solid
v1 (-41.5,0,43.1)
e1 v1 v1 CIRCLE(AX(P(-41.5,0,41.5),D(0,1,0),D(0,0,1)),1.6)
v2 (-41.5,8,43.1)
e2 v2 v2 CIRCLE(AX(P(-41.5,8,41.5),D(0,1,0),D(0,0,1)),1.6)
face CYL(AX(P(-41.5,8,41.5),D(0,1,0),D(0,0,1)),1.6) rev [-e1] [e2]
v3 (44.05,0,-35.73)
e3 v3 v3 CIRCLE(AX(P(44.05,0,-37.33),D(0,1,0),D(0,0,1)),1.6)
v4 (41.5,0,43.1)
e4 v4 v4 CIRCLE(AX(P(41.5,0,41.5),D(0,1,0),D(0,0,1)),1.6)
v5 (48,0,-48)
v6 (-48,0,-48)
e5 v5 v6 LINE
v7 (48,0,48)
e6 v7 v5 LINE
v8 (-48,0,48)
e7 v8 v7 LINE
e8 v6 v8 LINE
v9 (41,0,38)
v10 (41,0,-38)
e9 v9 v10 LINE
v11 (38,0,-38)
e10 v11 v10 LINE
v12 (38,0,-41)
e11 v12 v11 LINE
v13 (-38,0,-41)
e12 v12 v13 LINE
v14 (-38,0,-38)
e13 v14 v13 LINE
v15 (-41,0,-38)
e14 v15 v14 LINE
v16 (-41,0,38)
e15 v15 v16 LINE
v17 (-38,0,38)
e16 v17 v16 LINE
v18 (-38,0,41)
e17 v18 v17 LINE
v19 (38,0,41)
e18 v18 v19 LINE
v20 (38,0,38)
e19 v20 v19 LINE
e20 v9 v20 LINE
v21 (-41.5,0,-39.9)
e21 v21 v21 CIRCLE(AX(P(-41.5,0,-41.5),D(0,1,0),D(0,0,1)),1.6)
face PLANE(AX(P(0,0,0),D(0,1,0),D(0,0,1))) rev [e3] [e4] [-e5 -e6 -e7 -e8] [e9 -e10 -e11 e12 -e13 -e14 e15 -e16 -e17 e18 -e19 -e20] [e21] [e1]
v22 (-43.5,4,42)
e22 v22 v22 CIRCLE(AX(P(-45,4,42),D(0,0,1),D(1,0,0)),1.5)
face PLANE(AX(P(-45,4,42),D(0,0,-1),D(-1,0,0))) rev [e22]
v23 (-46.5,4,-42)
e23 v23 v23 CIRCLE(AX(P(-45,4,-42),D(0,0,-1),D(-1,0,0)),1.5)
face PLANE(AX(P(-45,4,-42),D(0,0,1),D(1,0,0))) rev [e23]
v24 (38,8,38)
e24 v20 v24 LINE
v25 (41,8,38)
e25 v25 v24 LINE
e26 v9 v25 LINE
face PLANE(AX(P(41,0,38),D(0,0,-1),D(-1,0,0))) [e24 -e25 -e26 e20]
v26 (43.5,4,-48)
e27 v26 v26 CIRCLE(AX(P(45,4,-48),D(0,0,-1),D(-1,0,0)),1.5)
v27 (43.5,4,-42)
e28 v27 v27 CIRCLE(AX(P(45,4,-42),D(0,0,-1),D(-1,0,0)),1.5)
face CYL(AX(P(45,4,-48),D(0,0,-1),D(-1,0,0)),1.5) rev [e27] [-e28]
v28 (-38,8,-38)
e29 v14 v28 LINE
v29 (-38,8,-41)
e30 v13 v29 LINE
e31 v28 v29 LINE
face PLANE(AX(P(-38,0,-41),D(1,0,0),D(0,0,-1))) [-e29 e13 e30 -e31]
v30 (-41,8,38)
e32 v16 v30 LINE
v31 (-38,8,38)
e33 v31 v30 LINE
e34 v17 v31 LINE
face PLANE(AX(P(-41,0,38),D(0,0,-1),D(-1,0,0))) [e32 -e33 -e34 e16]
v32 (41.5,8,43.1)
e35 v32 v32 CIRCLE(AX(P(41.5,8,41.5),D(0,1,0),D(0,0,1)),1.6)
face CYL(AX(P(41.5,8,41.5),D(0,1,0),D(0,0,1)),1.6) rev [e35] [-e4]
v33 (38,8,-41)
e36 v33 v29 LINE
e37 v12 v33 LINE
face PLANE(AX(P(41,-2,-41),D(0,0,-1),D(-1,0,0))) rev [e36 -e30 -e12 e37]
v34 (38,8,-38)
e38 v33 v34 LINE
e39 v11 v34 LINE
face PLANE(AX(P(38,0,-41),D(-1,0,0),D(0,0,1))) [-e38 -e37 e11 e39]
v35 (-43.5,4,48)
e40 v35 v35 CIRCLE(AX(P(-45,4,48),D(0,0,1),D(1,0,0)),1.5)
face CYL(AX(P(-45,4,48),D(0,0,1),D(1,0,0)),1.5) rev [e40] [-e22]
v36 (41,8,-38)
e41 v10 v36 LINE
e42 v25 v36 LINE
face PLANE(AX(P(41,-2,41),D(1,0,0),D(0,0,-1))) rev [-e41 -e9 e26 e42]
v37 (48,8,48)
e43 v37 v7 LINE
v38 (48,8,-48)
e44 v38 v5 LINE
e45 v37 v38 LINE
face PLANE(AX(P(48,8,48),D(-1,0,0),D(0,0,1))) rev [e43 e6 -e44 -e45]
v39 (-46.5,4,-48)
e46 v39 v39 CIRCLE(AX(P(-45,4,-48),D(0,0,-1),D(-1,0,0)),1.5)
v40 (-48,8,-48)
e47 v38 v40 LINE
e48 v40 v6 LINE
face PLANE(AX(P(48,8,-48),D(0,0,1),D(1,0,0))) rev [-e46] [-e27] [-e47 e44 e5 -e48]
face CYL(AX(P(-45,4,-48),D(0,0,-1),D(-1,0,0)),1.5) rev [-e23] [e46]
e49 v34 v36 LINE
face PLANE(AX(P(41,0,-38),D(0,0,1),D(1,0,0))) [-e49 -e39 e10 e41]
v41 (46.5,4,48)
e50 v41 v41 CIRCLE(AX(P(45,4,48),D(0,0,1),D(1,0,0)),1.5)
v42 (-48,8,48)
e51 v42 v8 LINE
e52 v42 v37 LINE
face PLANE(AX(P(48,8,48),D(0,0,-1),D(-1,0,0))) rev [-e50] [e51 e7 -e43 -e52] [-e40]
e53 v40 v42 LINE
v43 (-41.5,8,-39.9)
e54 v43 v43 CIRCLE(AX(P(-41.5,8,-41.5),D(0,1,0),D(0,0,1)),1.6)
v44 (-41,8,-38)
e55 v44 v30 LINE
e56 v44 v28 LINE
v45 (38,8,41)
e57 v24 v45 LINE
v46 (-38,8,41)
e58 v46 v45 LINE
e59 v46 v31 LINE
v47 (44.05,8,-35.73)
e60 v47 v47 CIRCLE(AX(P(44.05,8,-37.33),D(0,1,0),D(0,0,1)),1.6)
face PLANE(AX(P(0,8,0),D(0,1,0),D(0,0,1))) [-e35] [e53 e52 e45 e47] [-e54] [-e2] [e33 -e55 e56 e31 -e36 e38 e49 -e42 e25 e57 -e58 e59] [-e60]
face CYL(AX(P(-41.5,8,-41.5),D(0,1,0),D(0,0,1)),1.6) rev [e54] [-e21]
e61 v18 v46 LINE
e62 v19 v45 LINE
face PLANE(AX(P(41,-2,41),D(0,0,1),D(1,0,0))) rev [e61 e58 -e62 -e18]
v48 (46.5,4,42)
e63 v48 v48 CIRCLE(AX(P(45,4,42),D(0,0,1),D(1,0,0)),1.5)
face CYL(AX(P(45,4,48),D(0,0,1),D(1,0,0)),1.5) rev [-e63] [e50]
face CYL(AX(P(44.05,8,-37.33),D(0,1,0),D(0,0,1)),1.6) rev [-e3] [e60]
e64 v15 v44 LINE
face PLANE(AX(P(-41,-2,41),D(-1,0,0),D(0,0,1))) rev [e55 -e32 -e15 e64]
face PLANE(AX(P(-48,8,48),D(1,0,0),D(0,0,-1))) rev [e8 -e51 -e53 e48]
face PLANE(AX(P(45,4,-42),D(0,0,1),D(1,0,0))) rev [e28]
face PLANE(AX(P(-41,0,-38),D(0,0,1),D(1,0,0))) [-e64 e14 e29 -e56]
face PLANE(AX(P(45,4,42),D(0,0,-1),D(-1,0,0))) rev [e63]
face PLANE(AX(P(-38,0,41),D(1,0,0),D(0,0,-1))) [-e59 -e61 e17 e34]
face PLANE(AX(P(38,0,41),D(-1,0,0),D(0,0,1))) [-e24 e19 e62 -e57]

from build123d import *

# Parameters (mm, degrees)
SKETCH1_W                    = 96
SKETCH1_H                    = 96
SKETCH1_W_2                  = 80
SKETCH1_H_2                  = 80
BOSS_EXTRUDE1_DEPTH          = 8
F_3_0_3_DIAMETER_HOLE6_D     = 3
F_3_0_3_DIAMETER_HOLE6_DEPTH = 6
F_3_0_3_DIAMETER_HOLE3_D     = 3
F_3_0_3_DIAMETER_HOLE3_DEPTH = 6
SKETCH27_W                   = 82
SKETCH27_H                   = 82
CUT_EXTRUDE2_DEPTH           = 10
SKETCH35_W                   = 3
SKETCH35_H                   = 3
BOSS_EXTRUDE2_DEPTH          = 8
F_3_2_3_2_DIAMETER_HOLE1_D   = 3.2


with BuildPart() as part:
    # Sketch1 → Boss-Extrude1 (new body)
    with BuildSketch(Plane(origin=(0, 0, 0), x_dir=(1, 0, 0), z_dir=(0, 1, 0))):
        Rectangle(SKETCH1_W, SKETCH1_H)
        Rectangle(SKETCH1_W_2, SKETCH1_H_2, mode=Mode.SUBTRACT)
    extrude(amount=BOSS_EXTRUDE1_DEPTH)

    # Ø3.0 (3) Diameter Hole6
    with Locations(Plane.XY.offset(48)):
        with Locations((45, 4), (-45, 4)):
            Hole(F_3_0_3_DIAMETER_HOLE6_D / 2, depth=F_3_0_3_DIAMETER_HOLE6_DEPTH)

    # Ø3.0 (3) Diameter Hole3
    with Locations(Plane(origin=(0, 0, -48), x_dir=(-1, 0, 0), z_dir=(0, 0, -1))):
        with Locations((45, 4), (-45, 4)):
            Hole(F_3_0_3_DIAMETER_HOLE3_D / 2, depth=F_3_0_3_DIAMETER_HOLE3_DEPTH)

    # Sketch27 → Cut-Extrude2 (cut)
    with BuildSketch(Plane(origin=(0, 8, 0), x_dir=(1, 0, 0), z_dir=(0, 1, 0))):
        Rectangle(SKETCH27_W, SKETCH27_H)
    extrude(amount=-CUT_EXTRUDE2_DEPTH, mode=Mode.SUBTRACT)

    # Sketch35 → Boss-Extrude2 (add)
    with BuildSketch(Plane(origin=(0, 8, 0), x_dir=(1, 0, 0), z_dir=(0, 1, 0))):
        with Locations((-39.5, 39.5)):
            Rectangle(SKETCH35_W, SKETCH35_H)
        with Locations((39.5, 39.5)):
            Rectangle(SKETCH35_W, SKETCH35_H)
        with Locations((39.5, -39.5)):
            Rectangle(SKETCH35_W, SKETCH35_H)
        with Locations((-39.5, -39.5)):
            Rectangle(SKETCH35_W, SKETCH35_H)
    extrude(amount=-BOSS_EXTRUDE2_DEPTH)

    # Ø3.2 (3.2) Diameter Hole1 (through all)
    with Locations(Plane(origin=(0, 8, 0), x_dir=(1, 0, 0), z_dir=(0, 1, 0))):
        with Locations((44.05, 37.33), (41.5, -41.5), (-41.5, -41.5), (-41.5, 41.5)):
            Hole(F_3_2_3_2_DIAMETER_HOLE1_D / 2)


solid = part.part
